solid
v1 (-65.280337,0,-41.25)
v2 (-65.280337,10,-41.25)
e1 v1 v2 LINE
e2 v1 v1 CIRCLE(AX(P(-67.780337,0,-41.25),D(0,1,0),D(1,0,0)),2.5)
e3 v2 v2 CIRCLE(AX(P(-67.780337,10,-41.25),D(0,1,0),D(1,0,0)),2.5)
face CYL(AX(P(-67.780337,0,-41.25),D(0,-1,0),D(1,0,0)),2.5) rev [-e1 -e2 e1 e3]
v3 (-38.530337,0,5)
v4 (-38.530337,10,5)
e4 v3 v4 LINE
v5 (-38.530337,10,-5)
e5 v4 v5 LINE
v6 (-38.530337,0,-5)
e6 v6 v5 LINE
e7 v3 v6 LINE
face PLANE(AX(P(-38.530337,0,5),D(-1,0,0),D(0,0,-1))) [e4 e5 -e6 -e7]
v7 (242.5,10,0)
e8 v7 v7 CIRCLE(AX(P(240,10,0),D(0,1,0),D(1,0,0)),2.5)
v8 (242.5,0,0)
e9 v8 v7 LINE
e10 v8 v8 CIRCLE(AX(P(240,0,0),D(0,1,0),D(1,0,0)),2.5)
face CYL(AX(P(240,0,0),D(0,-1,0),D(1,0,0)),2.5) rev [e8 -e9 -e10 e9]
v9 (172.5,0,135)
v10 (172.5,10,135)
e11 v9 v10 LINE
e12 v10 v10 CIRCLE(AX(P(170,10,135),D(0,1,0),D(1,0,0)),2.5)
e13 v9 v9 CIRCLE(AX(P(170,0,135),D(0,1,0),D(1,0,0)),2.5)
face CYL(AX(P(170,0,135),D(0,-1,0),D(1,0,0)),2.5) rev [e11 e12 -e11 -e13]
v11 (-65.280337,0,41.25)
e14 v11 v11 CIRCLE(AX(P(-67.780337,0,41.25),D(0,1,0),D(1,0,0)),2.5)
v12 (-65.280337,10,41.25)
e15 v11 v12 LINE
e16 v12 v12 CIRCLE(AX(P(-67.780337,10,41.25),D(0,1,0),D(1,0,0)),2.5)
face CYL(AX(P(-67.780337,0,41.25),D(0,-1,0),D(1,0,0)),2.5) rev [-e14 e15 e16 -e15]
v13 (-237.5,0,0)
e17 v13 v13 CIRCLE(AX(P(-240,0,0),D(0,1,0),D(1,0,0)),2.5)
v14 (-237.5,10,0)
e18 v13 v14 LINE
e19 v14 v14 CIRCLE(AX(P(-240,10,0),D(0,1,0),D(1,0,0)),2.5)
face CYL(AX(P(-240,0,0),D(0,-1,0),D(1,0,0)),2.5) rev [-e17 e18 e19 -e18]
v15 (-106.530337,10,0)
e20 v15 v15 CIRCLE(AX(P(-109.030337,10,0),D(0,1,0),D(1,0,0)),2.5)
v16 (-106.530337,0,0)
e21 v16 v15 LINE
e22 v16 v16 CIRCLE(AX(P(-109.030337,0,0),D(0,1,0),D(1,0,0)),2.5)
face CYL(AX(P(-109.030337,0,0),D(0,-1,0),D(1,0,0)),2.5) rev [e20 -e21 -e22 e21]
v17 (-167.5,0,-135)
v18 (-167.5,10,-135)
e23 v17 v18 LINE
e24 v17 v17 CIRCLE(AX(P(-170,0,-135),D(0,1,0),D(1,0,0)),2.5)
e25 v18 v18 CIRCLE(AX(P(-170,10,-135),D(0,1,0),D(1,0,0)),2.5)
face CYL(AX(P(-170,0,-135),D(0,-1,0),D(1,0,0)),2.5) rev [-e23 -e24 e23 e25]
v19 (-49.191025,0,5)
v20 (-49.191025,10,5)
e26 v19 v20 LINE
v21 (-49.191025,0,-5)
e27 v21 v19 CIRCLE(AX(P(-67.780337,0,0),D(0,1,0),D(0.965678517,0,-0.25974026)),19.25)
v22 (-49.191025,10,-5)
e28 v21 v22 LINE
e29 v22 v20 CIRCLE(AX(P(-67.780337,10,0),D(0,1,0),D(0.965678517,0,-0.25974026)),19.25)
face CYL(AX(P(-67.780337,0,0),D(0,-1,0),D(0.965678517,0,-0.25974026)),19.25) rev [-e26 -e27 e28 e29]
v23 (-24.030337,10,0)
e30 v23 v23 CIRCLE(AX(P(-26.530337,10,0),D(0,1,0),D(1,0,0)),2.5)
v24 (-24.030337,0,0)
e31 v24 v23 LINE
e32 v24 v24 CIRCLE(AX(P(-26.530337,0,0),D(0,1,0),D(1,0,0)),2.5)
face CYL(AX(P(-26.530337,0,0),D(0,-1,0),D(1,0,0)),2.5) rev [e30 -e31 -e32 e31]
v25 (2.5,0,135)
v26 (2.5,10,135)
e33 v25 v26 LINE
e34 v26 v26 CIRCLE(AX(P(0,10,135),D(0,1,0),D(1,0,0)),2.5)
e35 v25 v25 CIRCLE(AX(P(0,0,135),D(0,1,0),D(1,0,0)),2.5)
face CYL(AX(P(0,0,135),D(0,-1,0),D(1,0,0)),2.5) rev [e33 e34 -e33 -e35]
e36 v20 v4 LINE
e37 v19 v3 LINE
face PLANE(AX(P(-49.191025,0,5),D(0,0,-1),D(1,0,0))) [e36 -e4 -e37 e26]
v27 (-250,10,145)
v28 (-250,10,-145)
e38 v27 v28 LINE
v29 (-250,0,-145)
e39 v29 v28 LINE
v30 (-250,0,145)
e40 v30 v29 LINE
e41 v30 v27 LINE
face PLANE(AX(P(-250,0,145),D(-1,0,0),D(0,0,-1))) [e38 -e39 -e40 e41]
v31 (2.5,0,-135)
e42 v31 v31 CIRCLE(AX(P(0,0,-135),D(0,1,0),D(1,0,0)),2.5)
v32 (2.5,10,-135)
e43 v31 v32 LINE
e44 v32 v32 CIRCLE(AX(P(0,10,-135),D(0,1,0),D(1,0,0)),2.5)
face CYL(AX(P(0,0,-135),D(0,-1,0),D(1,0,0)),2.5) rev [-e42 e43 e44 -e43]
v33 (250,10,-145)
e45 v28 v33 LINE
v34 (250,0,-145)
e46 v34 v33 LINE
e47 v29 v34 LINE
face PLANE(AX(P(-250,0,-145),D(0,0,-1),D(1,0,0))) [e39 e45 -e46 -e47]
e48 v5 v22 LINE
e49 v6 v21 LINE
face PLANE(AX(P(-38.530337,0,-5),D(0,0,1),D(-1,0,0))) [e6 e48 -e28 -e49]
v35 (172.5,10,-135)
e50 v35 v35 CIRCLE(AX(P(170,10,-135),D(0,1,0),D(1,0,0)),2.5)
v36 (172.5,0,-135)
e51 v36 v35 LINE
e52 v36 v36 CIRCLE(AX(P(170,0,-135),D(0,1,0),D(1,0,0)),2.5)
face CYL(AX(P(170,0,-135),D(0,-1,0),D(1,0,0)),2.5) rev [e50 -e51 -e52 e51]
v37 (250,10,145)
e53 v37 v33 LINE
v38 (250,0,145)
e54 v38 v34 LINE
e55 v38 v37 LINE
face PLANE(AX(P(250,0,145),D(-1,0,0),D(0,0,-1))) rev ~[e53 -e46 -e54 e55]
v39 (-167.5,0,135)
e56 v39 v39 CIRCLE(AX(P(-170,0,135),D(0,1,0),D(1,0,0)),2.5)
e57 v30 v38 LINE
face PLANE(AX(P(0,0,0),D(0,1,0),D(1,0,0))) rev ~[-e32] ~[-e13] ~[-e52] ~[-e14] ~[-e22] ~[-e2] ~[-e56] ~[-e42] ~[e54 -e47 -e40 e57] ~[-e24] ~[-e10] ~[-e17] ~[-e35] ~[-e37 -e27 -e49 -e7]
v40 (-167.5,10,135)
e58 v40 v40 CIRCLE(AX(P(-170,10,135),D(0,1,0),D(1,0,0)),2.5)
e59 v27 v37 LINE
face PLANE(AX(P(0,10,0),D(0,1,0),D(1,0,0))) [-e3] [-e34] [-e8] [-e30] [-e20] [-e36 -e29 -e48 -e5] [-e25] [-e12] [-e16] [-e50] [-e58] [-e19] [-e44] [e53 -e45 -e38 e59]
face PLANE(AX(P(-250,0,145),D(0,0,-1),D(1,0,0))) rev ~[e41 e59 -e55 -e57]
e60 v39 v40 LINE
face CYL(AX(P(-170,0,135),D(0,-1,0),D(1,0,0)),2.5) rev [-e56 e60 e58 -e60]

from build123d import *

# Parameters (mm, degrees)
SKETCH1_W           = 500
SKETCH1_H           = 290
SKETCH1_R           = 2.5
BOSS_EXTRUDE1_DEPTH = 10


with BuildPart() as part:
    # Sketch1 → Boss-Extrude1 (new body)
    with BuildSketch(Plane(origin=(0, 0, 0), x_dir=(1, 0, 0), z_dir=(0, 1, 0))):
        Rectangle(SKETCH1_W, SKETCH1_H)
        with Locations((-240, 0)):
            Circle(SKETCH1_R, mode=Mode.SUBTRACT)
        with Locations((-170, -135)):
            Circle(SKETCH1_R, mode=Mode.SUBTRACT)
        with Locations((-170, 135)):
            Circle(SKETCH1_R, mode=Mode.SUBTRACT)
        with Locations((170, 135)):
            Circle(SKETCH1_R, mode=Mode.SUBTRACT)
        with Locations((240, 0)):
            Circle(SKETCH1_R, mode=Mode.SUBTRACT)
        with Locations((170, -135)):
            Circle(SKETCH1_R, mode=Mode.SUBTRACT)
        with Locations((0, 135)):
            Circle(SKETCH1_R, mode=Mode.SUBTRACT)
        with Locations((0, -135)):
            Circle(SKETCH1_R, mode=Mode.SUBTRACT)
        with Locations((-26.530336654, 0)):
            Circle(SKETCH1_R, mode=Mode.SUBTRACT)
        with Locations((-67.780336654, -41.25)):
            Circle(SKETCH1_R, mode=Mode.SUBTRACT)
        with Locations((-109.030336654, 0)):
            Circle(SKETCH1_R, mode=Mode.SUBTRACT)
        with Locations((-67.780336654, 41.25)):
            Circle(SKETCH1_R, mode=Mode.SUBTRACT)
        with BuildLine():
            Line((-49.191025209, -5), (-38.530336654, -5))
            Line((-38.530336654, -5), (-38.530336654, 5))
            Line((-38.530336654, 5), (-49.191025209, 5))
            ThreePointArc((-49.191025209, 5), (-87.030336654, 0), (-49.191025209, -5))
        make_face(mode=Mode.SUBTRACT)
    extrude(amount=BOSS_EXTRUDE1_DEPTH)


solid = part.part
